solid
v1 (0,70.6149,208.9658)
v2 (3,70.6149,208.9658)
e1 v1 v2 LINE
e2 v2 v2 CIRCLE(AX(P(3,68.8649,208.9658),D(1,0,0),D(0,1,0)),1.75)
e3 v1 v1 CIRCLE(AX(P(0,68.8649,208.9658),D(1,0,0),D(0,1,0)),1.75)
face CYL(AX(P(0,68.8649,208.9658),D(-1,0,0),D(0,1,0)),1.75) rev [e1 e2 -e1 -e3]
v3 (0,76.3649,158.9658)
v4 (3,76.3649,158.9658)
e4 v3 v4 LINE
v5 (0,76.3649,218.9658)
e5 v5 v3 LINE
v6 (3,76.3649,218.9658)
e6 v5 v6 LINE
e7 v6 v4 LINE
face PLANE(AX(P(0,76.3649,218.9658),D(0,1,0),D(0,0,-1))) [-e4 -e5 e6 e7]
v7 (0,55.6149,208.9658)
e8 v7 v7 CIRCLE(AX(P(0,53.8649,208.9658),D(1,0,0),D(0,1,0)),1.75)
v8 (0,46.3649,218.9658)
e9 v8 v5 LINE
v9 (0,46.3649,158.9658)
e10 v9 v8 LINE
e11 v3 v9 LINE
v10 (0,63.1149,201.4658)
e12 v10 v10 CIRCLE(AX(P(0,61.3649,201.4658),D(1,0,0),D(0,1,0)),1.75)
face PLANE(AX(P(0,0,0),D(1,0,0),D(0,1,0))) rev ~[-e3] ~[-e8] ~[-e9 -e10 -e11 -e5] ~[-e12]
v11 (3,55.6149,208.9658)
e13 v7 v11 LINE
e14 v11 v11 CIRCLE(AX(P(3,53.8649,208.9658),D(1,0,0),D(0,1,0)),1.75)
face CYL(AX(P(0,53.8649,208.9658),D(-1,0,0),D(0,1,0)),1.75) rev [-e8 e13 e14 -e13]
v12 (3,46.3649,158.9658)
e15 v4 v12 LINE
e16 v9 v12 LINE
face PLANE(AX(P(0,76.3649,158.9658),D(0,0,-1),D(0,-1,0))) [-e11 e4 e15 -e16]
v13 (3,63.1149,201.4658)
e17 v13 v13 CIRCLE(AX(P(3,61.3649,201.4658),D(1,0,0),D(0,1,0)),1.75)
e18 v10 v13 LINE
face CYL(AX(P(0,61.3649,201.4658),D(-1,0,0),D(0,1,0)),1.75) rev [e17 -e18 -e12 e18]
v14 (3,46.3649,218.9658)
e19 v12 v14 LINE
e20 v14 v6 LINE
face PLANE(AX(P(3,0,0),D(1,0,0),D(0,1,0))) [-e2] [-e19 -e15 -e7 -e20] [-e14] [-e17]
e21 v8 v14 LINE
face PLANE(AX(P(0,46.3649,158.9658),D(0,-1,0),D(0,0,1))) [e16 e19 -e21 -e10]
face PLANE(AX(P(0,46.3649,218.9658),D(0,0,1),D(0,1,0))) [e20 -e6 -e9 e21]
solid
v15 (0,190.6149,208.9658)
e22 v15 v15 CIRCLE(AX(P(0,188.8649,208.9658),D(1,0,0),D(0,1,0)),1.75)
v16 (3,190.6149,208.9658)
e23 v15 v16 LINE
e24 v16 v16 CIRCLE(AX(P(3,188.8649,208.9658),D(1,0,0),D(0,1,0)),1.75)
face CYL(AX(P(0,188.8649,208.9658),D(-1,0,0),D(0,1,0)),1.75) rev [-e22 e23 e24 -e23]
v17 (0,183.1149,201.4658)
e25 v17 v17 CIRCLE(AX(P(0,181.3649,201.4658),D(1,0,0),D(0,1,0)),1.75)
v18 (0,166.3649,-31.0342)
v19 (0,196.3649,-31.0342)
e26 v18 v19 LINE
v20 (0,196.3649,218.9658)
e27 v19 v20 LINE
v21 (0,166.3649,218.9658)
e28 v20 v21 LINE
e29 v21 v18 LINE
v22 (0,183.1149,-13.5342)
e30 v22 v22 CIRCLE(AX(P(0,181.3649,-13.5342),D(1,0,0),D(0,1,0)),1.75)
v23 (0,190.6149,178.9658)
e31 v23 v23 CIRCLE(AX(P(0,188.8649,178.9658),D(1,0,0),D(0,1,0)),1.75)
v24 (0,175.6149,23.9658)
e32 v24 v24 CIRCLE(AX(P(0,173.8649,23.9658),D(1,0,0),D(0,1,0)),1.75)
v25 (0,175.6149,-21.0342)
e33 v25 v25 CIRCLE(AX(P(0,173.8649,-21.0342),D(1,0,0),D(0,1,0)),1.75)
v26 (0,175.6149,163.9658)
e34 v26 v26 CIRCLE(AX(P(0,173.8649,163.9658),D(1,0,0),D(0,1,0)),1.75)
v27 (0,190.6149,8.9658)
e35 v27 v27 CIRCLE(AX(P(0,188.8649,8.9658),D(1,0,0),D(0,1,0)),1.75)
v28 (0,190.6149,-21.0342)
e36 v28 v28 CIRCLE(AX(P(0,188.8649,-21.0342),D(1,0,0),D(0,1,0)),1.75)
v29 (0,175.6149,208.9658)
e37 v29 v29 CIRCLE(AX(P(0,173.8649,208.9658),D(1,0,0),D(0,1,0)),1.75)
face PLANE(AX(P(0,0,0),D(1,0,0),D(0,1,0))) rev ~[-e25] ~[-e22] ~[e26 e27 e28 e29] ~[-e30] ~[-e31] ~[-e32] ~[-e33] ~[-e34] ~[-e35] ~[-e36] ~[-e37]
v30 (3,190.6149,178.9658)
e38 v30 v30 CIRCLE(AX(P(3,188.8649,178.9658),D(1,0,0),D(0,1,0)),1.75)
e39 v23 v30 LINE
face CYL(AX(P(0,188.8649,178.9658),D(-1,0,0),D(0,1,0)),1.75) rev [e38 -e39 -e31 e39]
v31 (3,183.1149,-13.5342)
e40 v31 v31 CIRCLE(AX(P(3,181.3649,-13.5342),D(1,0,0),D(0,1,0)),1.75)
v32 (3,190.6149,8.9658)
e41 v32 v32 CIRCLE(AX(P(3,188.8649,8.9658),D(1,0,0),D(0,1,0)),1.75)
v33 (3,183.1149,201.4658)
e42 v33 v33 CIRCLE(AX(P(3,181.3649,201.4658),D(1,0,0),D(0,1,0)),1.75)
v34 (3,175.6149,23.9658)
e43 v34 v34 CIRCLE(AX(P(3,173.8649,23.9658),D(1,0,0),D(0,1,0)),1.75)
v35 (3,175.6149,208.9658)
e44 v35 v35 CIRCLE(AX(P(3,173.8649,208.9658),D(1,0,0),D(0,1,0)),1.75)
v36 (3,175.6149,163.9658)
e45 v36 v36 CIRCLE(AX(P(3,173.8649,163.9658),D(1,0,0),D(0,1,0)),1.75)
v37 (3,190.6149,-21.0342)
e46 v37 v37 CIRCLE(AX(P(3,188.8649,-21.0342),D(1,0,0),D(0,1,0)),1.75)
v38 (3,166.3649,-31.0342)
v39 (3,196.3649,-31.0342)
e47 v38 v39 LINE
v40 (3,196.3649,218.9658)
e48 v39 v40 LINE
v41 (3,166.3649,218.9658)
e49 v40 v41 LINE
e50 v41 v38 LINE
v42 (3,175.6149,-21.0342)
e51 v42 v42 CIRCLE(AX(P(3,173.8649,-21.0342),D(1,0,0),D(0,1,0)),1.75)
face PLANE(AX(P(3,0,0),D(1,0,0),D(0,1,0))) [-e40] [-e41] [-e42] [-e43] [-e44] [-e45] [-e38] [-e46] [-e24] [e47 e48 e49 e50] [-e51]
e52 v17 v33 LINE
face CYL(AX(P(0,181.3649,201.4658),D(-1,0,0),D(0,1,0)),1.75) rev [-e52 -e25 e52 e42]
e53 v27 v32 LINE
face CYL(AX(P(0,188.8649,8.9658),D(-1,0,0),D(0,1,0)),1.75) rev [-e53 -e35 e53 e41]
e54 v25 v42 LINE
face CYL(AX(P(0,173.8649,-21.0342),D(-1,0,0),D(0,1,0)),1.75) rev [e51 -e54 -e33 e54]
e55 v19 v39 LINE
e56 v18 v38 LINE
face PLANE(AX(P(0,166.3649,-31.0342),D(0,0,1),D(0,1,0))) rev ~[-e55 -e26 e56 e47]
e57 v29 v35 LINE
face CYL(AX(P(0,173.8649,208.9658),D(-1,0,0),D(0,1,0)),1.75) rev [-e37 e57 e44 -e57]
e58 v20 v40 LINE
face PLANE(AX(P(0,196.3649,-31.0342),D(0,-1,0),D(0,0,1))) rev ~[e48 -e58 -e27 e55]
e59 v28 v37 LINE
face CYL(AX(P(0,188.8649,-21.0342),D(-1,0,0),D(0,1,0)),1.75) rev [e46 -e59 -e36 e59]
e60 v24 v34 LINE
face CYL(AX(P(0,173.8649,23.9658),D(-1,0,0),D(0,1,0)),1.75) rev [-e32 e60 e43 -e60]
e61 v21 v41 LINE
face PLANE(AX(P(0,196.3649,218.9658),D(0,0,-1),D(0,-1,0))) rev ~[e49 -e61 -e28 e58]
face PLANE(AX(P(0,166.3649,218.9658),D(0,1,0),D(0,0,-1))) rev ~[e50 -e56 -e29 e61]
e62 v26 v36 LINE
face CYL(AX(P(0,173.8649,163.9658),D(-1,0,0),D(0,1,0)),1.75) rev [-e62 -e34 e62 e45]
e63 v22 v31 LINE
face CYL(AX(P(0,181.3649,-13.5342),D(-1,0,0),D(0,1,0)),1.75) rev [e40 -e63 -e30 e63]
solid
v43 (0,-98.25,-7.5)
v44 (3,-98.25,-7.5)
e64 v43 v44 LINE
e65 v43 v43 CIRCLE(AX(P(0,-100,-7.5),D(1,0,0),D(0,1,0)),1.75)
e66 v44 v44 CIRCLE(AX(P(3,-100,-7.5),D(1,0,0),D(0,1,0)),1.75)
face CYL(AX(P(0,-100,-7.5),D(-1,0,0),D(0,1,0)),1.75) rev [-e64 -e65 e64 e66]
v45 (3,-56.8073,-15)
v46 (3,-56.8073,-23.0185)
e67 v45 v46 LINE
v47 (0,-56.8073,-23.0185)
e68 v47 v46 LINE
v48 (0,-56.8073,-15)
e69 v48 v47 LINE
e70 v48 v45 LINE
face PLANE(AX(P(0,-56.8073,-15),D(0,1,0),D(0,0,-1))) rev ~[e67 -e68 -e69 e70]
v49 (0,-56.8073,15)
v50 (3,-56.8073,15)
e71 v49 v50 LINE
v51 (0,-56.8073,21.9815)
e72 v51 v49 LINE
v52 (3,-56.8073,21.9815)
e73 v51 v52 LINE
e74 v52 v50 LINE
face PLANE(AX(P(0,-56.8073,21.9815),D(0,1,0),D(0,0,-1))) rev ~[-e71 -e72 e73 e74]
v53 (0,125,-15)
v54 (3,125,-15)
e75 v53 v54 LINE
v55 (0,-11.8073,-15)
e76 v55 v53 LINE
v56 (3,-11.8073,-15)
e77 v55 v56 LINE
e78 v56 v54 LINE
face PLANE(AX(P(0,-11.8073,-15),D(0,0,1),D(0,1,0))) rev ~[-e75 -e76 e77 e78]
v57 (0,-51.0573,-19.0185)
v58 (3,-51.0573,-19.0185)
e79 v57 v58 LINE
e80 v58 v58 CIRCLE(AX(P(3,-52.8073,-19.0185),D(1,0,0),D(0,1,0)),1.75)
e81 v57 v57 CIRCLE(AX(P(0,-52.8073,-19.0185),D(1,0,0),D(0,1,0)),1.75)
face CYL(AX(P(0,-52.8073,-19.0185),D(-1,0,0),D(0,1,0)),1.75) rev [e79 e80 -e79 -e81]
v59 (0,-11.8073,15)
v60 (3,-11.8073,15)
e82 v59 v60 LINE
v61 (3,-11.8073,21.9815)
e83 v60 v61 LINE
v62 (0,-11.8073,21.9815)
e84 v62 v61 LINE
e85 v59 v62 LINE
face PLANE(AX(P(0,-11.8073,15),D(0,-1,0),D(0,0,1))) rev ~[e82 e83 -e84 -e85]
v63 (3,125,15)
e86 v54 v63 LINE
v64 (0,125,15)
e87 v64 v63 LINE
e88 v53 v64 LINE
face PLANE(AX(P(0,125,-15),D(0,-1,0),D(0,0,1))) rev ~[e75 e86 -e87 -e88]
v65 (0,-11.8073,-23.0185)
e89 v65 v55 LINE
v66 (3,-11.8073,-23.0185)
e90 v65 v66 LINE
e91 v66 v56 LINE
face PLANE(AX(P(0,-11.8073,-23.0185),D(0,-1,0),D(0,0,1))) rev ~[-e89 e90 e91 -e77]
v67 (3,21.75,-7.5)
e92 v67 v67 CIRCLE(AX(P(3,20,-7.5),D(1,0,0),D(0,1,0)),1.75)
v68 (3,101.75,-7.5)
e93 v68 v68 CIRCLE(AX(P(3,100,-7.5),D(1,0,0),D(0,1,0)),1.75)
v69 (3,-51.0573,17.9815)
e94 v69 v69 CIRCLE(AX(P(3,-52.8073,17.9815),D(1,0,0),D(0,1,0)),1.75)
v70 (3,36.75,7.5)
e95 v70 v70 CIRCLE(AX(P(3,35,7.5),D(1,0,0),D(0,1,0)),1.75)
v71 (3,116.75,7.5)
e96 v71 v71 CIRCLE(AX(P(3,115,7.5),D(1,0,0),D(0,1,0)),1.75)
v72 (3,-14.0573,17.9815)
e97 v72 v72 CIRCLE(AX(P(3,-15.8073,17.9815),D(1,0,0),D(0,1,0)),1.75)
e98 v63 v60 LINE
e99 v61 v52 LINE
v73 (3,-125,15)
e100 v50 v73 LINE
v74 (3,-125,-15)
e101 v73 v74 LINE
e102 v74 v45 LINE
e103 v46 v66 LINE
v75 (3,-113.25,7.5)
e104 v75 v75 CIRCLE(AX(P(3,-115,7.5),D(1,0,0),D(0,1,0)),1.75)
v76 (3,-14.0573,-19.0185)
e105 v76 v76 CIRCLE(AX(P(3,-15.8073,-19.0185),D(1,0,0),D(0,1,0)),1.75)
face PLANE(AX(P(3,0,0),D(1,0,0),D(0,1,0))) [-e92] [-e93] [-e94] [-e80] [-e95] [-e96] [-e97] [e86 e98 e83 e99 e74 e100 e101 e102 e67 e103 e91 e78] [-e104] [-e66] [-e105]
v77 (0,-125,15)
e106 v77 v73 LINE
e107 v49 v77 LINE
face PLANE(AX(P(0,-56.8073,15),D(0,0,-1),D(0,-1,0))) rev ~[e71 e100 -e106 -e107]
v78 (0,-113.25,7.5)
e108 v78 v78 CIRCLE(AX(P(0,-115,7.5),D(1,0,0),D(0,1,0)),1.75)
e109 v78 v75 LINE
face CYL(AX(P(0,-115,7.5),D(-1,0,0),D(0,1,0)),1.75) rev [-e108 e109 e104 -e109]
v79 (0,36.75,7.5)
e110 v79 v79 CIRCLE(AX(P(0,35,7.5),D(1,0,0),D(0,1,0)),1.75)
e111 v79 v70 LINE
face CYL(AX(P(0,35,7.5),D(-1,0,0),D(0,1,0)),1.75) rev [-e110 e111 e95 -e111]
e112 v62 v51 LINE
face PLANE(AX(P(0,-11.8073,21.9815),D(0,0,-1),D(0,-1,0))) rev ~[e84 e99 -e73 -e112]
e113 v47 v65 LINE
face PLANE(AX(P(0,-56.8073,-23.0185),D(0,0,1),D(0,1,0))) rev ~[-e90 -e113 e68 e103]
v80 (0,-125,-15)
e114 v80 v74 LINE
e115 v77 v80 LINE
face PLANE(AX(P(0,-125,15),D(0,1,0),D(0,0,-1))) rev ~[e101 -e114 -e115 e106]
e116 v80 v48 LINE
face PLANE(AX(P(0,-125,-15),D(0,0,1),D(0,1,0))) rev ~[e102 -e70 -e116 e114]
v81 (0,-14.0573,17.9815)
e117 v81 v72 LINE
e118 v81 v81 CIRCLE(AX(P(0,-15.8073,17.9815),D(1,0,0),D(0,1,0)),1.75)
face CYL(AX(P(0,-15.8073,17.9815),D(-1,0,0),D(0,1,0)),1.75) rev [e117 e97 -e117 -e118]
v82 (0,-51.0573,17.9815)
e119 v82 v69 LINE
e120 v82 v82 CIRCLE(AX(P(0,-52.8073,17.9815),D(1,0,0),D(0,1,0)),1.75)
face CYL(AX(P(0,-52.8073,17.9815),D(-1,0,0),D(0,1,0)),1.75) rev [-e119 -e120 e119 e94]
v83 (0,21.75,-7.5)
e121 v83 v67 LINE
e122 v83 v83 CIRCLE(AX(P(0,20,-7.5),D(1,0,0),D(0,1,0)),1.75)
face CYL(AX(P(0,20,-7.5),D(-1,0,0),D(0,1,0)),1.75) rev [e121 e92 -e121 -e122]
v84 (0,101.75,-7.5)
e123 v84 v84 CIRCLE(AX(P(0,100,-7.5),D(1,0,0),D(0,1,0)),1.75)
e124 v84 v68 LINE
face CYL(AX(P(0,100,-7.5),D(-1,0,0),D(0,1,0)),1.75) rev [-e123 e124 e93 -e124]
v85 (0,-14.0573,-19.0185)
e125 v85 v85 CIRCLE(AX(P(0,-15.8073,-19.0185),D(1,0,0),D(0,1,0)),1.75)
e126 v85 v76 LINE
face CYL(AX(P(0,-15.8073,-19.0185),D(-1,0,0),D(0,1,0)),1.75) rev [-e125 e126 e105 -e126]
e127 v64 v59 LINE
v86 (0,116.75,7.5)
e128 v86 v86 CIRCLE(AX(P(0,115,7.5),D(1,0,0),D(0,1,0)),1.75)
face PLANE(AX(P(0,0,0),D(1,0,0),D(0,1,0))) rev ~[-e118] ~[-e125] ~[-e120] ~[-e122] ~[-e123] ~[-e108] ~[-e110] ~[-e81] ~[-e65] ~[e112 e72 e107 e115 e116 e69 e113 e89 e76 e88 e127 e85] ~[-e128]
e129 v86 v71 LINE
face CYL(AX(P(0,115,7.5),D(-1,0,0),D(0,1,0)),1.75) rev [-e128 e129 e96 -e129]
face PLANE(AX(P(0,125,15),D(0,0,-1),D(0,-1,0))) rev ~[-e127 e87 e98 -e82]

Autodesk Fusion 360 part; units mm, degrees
sketch "Design sketch" plane through (0, 0, 0) normal (1, 0, 0) x (0, 1, 0)
  line L0 (125, 15) -> (-125, 15)
  line L1 (-125, 15) -> (-125, -15)
  line L2 (-125, -15) -> (125, -15)
  line L3 (125, -15) -> (125, 15)
  circle A0 centre (-100, -7.5) radius 1.75
  line L4 (196.3649, 218.9658) -> (166.3649, 218.9658)
  line L5 (166.3649, 218.9658) -> (166.3649, -31.0342)
  line L6 (196.3649, -31.0342) -> (196.3649, 218.9658)
  circle A1 centre (-115, 7.5) radius 1.75
  line L7 (166.3649, -31.0342) -> (196.3649, -31.0342)
  circle A2 centre (100, -7.5) radius 1.75
  circle A3 centre (115, 7.5) radius 1.75
  circle A4 centre (173.8649, 23.9658) radius 1.75
  circle A5 centre (188.8649, 8.9658) radius 1.75
  circle A6 centre (173.8649, 163.9658) radius 1.75
  circle A7 centre (188.8649, 178.9658) radius 1.75
  line L8 (-56.8073, -23.0185) -> (-11.8073, -23.0185)
  line L9 (-11.8073, -23.0185) -> (-11.8073, 21.9815)
  line L10 (-11.8073, 21.9815) -> (-56.8073, 21.9815)
  line L11 (-56.8073, 21.9815) -> (-56.8073, -23.0185)
  circle A8 centre (-52.8073, -19.0185) radius 1.75
  circle A9 centre (-52.8073, 17.9815) radius 1.75
  circle A10 centre (-15.8073, -19.0185) radius 1.75
  circle A11 centre (-15.8073, 17.9815) radius 1.75
  circle A12 centre (35, 7.5) radius 1.75
  circle A13 centre (20, -7.5) radius 1.75
  circle A14 centre (173.8649, -21.0342) radius 1.75
  circle A15 centre (188.8649, -21.0342) radius 1.75
  circle A16 centre (181.3649, -13.5342) radius 1.75
  circle A17 centre (173.8649, 208.9658) radius 1.75
  circle A18 centre (181.3649, 201.4658) radius 1.75
  circle A19 centre (188.8649, 208.9658) radius 1.75
  line L12 (46.3649, 218.9658) -> (76.3649, 218.9658)
  line L13 (76.3649, 218.9658) -> (76.3649, 158.9658)
  line L14 (76.3649, 158.9658) -> (46.3649, 158.9658)
  line L15 (46.3649, 158.9658) -> (46.3649, 218.9658)
  circle A20 centre (53.8649, 208.9658) radius 1.75
  circle A21 centre (61.3649, 201.4658) radius 1.75
  circle A22 centre (68.8649, 208.9658) radius 1.75
  point P0 (20, -7.5)
  dimension "d1" = 250
  dimension "d2" = 30
  dimension "d8" = 3.5
  dimension "d30" = 3.5
  dimension "d49" = 3.5
  dimension "d50" = 3.5
  dimension "d53" = 15
  dimension "d66" = 15
  dimension "d67" = 15
  dimension "d68" = 3.5
  dimension "d69" = 3.5
  dimension "d75" = 15
  dimension "d78" = 30
  dimension "d79" = 250
  dimension "d83" = 15
  dimension "d84" = 15
  dimension "d85" = 3.5
  dimension "d86" = 3.5
  dimension "d87" = 15
  dimension "d89" = 15
  dimension "d92" = 10
  dimension "d93" = 10
  dimension "d94" = 40
  dimension "d95" = 40
  dimension "d96" = 7.5
  dimension "d98" = 7.5
  dimension "d99" = 7.5
  dimension "d100" = 7.5
  dimension "d101" = 45
  dimension "d102" = 45
  dimension "d103" = 3.5
  dimension "d104" = 3.5
  dimension "d105" = 3.5
  dimension "d106" = 3.5
  dimension "d107" = 4
  dimension "d108" = 4
  dimension "d109" = 4
  dimension "d110" = 4
  dimension "d111" = 4
  dimension "d112" = 4
  dimension "d113" = 4
  dimension "d114" = 4
  dimension "d115" = 3.5
  dimension "d116" = 15
  dimension "d117" = 15
  dimension "d118" = 7.5
  dimension "d119" = 3.5
  dimension "d131" = 3.5
  dimension "d132" = 3.5
  dimension "d133" = 15
  dimension "d135" = 3.5
  dimension "d136" = 7.5
  dimension "d137" = 7.5
  dimension "d138" = 10
  dimension "d139" = 3.5
  dimension "d140" = 3.5
  dimension "d141" = 15
  dimension "d142" = 3.5
  dimension "d144" = 7.5
  dimension "d145" = 7.5
  dimension "d146" = 10
  dimension "d147" = 30
  dimension "d148" = 60
  dimension "d149" = 3.5
  dimension "d150" = 3.5
  dimension "d151" = 15
  dimension "d152" = 3.5
  dimension "d153" = 7.5
  dimension "d154" = 7.5
  dimension "d155" = 7.5
  dimension "d156" = 10
extrude "Extrude6" add sketch "Design sketch" along normal blind 3 makes body 1 at (0, -70.6452, -2.3357) makes body 2 at (0, 61.4084, 172.5507) makes body 3 at (0, 185.1196, 116.9837)
sketch "Sketch7" plane through (0, 0, 0) normal (1, 0, 0) x (0, 0, -1)
  circle A0 centre (-201.4658, 61.3649) radius 1.75
  circle A1 centre (-208.9658, 53.8649) radius 1.75
  circle A2 centre (-208.9658, 68.8649) radius 1.75
  line L0 (-158.9658, 46.3649) -> (-218.9658, 46.3649)
  line L1 (-218.9658, 46.3649) -> (-218.9658, 76.3649)
  line L2 (-218.9658, 76.3649) -> (-158.9658, 76.3649)
  line L3 (-158.9658, 76.3649) -> (-158.9658, 46.3649)
  circle A3 centre (-208.9658, 188.8649) radius 1.75
  circle A4 centre (-201.4658, 181.3649) radius 1.75
  circle A5 centre (-208.9658, 173.8649) radius 1.75
  circle A6 centre (13.5342, 181.3649) radius 1.75
  circle A7 centre (21.0342, 188.8649) radius 1.75
  circle A8 centre (21.0342, 173.8649) radius 1.75
  circle A9 centre (-178.9658, 188.8649) radius 1.75
  circle A10 centre (-8.9658, 188.8649) radius 1.75
  circle A11 centre (-163.9658, 173.8649) radius 1.75
  circle A12 centre (-23.9658, 173.8649) radius 1.75
  line L4 (-218.9658, 166.3649) -> (31.0342, 166.3649)
  line L5 (-218.9658, 196.3649) -> (-218.9658, 166.3649)
  line L6 (31.0342, 196.3649) -> (-218.9658, 196.3649)
  line L7 (31.0342, 166.3649) -> (31.0342, 196.3649)
  circle A13 centre (7.5, 20) radius 1.75
  circle A14 centre (-7.5, 35) radius 1.75
  circle A15 centre (-7.5, -115) radius 1.75
  circle A16 centre (-7.5, 115) radius 1.75
  circle A17 centre (7.5, 100) radius 1.75
  circle A18 centre (-17.9815, -52.8073) radius 1.75
  circle A19 centre (19.0185, -15.8073) radius 1.75
  circle A20 centre (7.5, -100) radius 1.75
  circle A21 centre (-17.9815, -15.8073) radius 1.75
  circle A22 centre (19.0185, -52.8073) radius 1.75
  line L8 (-21.9815, -11.8073) -> (-21.9815, -56.8073)
  line L9 (-15, -11.8073) -> (-21.9815, -11.8073)
  line L10 (-15, 125) -> (-15, -11.8073)
  line L11 (15, 125) -> (-15, 125)
  line L12 (15, -11.8073) -> (15, 125)
  line L13 (23.0185, -11.8073) -> (15, -11.8073)
  line L14 (23.0185, -56.8073) -> (23.0185, -11.8073)
  line L15 (15, -56.8073) -> (23.0185, -56.8073)
  line L16 (15, -125) -> (15, -56.8073)
  line L17 (-15, -125) -> (15, -125)
  line L18 (-15, -56.8073) -> (-15, -125)
  line L19 (-21.9815, -56.8073) -> (-15, -56.8073)
extrude "Extrude2" [suppressed]
equation "d1 = partLength"
equation "d2 = partWidth"
equation "partLength = 250 mm"
equation "partWidth = 30 mm"
equation "boltHole = 3.5 mm"
equation "d8 = boltHole"
equation "boltTriangleHeight = 7 mm"
equation "boltFromEdgesClose = 10 mm"
equation "boltGap = 15 mm"
equation "d30 = boltHole"
equation "boltFromEdgesFar = 40 mm"
equation "d49 = boltHole"
equation "d50 = boltHole"
equation "d53 = boltGap"
equation "d66 = boltGap"
equation "d67 = boltGap"
equation "d68 = boltHole"
equation "d69 = boltHole"
equation "d75 = boltGap"
equation "d78 = partWidth"
equation "d79 = partLength"
equation "d83 = boltGap"
equation "d84 = boltGap"
equation "d85 = boltHole"
equation "d86 = boltHole"
equation "d87 = boltGap"
equation "d89 = boltGap"
equation "d92 = boltFromEdgesClose"
equation "d93 = boltFromEdgesClose"
equation "d94 = boltFromEdgesFar"
equation "d95 = boltFromEdgesFar"
equation "d96 = ( partWidth - boltGap ) / 2"
equation "boltGapFromSide = ( partWidth - boltGap ) / 2"
equation "d98 = boltGapFromSide"
equation "d99 = boltGapFromSide"
equation "d100 = boltGapFromSide"
equation "d107 = ( ( 45 - 37 ) / 2 ) * 1 mm"
equation "d108 = ( ( 45 - 37 ) / 2 ) * 1 mm"
equation "d109 = ( ( 45 - 37 ) / 2 ) * 1 mm"
equation "d110 = ( ( 45 - 37 ) / 2 ) * 1 mm"
equation "d111 = ( ( 45 - 37 ) / 2 ) * 1 mm"
equation "d112 = ( ( 45 - 37 ) / 2 ) * 1 mm"
equation "d113 = ( ( 45 - 37 ) / 2 ) * 1 mm"
equation "d114 = ( ( 45 - 37 ) / 2 ) * 1 mm"
equation "d115 = boltHole"
equation "d116 = boltGap"
equation "d117 = boltGap"
equation "d118 = boltGapFromSide"
equation "d119 = boltHole"
equation "d131 = boltHole"
equation "d132 = boltHole"
equation "d133 = boltGap"
equation "d135 = boltHole"
equation "d136 = boltGap / 2"
equation "d137 = boltGap / 2"
equation "d139 = boltHole"
equation "d140 = boltHole"
equation "d141 = boltGap"
equation "d142 = boltHole"
equation "d144 = boltGap / 2"
equation "d145 = boltGap / 2"
equation "d147 = partWidth"
equation "d149 = boltHole"
equation "d150 = boltHole"
equation "d151 = boltGap"
equation "d152 = boltHole"
equation "d153 = boltGap / 2"
equation "d154 = boltGap / 2"
equation "d155 = boltGapFromSide"
